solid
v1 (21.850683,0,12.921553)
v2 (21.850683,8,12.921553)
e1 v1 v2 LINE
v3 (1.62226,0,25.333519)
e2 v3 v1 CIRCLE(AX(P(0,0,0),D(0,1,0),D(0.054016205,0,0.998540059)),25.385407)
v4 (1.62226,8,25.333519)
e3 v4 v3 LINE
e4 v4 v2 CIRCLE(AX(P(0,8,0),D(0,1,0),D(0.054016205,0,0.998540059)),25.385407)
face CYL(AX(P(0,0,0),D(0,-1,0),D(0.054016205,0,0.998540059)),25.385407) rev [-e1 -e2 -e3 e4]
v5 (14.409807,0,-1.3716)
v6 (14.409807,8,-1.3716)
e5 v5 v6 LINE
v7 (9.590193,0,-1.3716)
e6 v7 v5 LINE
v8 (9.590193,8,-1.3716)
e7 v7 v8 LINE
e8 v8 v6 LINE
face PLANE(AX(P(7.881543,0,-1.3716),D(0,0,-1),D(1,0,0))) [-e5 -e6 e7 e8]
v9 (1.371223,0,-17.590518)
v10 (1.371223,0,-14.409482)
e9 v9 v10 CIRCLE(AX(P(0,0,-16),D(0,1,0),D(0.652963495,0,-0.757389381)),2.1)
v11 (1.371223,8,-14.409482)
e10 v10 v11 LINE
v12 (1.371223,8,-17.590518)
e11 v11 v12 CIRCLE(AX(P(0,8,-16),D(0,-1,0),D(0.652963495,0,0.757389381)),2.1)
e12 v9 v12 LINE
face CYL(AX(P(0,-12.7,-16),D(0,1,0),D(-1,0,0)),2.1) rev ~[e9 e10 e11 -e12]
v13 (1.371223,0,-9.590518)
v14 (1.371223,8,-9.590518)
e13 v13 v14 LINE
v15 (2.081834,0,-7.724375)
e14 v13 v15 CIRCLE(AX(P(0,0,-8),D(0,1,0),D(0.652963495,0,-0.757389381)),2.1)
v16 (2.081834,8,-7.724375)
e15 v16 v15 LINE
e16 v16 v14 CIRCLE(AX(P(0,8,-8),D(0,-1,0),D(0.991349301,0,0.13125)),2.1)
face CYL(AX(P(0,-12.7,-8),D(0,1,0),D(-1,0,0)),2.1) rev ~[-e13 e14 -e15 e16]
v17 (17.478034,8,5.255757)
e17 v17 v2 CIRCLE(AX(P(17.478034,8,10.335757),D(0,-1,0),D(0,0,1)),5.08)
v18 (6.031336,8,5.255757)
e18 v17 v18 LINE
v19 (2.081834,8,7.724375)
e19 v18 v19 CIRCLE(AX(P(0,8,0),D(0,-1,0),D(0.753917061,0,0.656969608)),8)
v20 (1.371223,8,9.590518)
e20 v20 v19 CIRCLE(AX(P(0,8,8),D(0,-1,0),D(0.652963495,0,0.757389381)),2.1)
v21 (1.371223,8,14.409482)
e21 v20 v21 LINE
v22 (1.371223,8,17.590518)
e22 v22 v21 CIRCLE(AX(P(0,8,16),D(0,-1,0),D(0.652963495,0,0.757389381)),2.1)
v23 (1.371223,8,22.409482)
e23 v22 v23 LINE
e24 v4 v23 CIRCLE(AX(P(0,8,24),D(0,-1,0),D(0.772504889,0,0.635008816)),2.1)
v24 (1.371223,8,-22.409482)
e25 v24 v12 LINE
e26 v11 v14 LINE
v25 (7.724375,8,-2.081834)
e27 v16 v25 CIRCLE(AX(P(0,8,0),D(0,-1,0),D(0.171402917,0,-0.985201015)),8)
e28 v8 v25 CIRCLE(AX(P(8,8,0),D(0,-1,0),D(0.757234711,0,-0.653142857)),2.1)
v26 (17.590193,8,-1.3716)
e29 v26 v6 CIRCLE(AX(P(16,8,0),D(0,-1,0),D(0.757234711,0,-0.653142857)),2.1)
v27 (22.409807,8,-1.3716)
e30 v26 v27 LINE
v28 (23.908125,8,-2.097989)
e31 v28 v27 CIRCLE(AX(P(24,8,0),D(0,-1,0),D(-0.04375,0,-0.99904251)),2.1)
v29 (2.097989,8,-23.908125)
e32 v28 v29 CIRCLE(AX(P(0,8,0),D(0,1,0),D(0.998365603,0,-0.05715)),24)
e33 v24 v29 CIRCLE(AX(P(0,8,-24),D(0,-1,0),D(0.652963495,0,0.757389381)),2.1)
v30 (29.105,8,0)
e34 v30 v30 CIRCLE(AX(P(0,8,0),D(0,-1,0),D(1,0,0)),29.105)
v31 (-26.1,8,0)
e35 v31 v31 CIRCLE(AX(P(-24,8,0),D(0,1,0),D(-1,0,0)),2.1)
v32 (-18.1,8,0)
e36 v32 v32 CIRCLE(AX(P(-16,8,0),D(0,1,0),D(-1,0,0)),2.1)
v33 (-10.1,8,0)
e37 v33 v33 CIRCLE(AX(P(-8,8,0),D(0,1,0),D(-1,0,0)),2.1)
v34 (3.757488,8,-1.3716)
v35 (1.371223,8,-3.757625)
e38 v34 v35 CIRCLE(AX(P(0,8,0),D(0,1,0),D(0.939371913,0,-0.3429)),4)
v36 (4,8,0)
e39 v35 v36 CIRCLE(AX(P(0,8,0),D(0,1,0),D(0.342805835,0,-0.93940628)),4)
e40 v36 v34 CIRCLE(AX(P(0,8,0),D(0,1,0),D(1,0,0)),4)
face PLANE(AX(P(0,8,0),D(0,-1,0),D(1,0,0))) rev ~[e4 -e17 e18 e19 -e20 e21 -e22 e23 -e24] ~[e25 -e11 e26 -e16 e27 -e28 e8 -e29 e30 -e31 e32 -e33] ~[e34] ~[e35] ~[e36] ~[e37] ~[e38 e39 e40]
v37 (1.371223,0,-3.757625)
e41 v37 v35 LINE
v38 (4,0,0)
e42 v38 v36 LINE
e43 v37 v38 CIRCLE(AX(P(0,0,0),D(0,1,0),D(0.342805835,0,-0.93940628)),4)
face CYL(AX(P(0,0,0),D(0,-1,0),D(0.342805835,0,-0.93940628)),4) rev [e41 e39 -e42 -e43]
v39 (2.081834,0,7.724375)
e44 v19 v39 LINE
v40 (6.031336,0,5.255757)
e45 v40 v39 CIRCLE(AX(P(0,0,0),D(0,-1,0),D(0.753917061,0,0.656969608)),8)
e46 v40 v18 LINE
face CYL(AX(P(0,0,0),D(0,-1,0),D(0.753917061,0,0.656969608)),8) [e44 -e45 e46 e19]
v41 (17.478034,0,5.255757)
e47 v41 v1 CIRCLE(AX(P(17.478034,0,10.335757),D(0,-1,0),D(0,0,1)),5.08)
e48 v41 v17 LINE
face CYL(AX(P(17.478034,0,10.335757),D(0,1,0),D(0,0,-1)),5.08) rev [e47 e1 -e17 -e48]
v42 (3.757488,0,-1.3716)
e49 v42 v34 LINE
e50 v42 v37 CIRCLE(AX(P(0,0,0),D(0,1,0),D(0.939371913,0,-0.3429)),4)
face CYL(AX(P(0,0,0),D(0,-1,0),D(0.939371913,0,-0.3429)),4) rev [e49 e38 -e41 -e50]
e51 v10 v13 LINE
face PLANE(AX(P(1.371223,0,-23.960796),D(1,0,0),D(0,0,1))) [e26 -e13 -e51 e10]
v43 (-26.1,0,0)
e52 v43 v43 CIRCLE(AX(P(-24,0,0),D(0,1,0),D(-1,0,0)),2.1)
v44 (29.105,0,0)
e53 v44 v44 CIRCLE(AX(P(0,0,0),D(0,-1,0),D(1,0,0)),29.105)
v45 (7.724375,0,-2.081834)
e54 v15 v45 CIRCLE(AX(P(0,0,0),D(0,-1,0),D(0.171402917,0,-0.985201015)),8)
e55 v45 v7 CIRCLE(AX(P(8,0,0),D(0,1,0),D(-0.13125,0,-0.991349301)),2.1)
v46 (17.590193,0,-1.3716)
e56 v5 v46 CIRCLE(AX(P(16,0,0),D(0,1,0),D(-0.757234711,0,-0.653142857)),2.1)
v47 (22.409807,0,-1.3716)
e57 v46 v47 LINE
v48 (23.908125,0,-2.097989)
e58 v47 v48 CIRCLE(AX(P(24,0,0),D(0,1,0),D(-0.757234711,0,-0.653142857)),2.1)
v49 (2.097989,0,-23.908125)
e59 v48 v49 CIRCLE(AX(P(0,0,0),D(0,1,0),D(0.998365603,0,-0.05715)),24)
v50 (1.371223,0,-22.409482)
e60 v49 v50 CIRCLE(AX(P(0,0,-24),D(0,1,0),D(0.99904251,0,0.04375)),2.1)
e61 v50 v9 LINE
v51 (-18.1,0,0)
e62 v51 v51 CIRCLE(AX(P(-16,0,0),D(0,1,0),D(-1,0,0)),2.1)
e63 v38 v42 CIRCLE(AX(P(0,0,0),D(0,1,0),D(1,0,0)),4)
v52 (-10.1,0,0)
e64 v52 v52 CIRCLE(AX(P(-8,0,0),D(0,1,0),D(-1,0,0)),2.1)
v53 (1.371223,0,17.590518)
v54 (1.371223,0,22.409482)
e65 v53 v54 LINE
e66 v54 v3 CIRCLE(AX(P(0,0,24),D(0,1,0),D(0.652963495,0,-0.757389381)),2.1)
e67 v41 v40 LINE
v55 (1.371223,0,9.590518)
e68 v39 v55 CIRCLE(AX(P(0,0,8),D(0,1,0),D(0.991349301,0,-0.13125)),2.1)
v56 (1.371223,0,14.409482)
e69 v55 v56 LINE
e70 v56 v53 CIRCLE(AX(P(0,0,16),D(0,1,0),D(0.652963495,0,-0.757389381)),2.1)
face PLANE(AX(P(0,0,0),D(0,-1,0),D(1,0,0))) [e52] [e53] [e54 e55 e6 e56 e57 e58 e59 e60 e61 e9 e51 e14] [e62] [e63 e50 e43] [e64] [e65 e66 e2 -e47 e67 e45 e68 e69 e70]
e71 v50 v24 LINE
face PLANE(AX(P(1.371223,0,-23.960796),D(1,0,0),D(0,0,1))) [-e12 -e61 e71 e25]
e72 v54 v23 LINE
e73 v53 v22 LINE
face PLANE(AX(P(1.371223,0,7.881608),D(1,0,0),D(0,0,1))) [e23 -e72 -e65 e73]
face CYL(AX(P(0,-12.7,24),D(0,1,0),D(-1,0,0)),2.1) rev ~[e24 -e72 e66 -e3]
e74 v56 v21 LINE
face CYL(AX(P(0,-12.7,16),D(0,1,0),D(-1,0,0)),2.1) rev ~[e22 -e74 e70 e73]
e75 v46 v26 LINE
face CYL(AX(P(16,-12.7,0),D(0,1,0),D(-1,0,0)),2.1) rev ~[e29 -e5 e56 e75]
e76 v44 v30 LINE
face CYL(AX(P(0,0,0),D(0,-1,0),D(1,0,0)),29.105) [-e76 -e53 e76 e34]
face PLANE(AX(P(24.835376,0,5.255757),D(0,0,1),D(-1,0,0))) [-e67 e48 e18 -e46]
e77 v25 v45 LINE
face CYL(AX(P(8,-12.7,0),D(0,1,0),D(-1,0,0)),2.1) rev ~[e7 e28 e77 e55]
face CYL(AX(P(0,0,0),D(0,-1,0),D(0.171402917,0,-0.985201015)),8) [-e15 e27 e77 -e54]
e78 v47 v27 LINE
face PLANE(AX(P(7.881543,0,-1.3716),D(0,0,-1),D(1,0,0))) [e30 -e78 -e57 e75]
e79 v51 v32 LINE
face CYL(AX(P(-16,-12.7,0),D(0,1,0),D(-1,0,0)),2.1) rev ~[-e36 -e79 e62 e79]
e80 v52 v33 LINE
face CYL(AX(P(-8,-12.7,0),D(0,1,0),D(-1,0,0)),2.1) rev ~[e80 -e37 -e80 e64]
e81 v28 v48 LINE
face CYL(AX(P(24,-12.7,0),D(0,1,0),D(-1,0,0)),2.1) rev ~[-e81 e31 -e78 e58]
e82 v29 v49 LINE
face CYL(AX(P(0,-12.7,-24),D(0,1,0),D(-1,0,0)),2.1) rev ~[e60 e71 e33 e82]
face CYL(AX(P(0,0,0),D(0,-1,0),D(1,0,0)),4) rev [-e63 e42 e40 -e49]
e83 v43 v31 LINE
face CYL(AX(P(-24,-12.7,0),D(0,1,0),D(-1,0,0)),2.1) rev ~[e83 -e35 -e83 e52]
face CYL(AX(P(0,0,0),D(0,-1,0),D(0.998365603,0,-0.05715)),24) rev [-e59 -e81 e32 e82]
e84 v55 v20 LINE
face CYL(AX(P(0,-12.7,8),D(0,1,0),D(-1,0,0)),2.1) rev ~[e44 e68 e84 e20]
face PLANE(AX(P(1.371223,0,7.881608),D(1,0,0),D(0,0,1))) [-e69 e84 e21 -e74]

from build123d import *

# Parameters (mm, degrees)
F0_R     = 29.105
F1_DEPTH = 8
F2_D     = 4.2
F2_DEPTH = 12.7
F2_TIP   = 1.2618073
F3_R     = 5.08


with BuildPart() as f1:
    # F0 (on Front) → F1 (new body)
    with BuildSketch(Plane.XZ):
        Circle(F0_R)
        with BuildLine():
            ThreePointArc((25.3854070023, 0), (18.4286183858, -17.4586629804), (1.3712233387, -25.3483458085))
            ThreePointArc((1.3712233387, -25.3483458085), (-25.3854070023, 0), (1.3712233387, 25.3483458085))
            ThreePointArc((1.3712233387, 25.3483458085), (16.5113444887, 19.2819706422), (24.8353761494, 5.255756862))
            ThreePointArc((24.8353761494, 5.255756862), (25.2475248319, 2.6422298411), (25.3854070023, 0))
        make_face(mode=Mode.SUBTRACT)
        with BuildLine():
            Line((1.3712233387, -23.9607960334), (1.3712233387, -15.9411337914))
            ThreePointArc((1.3712233387, -15.9411337914), (-16, 0), (1.3712233387, 15.9411337914))
            Line((1.3712233387, 15.9411337914), (1.3712233387, 23.9607960334))
            ThreePointArc((1.3712233387, 23.9607960334), (-24, 0), (1.3712233387, -23.9607960334))
        make_face()
        with BuildLine():
            Line((1.3712233387, -15.9411337914), (1.3712233387, -7.8816081199))
            ThreePointArc((1.3712233387, -7.8816081199), (-8, 0), (1.3712233387, 7.8816081199))
            Line((1.3712233387, 7.8816081199), (1.3712233387, 15.9411337914))
            ThreePointArc((1.3712233387, 15.9411337914), (-16, 0), (1.3712233387, -15.9411337914))
        make_face()
        with BuildLine():
            ThreePointArc((1.3712233387, -3.7576251217), (-3.2775671888, 2.2929355252), (4, 0))
            ThreePointArc((4, 0), (3.9389053429, -0.6964371472), (3.75748765, -1.3716))
            Line((3.75748765, -1.3716), (7.88154258, -1.3716))
            ThreePointArc((7.88154258, -1.3716), (7.970330628, -0.6883528747), (8, 0))
            ThreePointArc((8, 0), (7.4916851205, 2.8061814011), (6.031336486, 5.255756862))
            Line((6.031336486, 5.255756862), (1.3712233387, 5.255756862))
            Line((1.3712233387, 5.255756862), (1.3712233387, 7.8816081199))
            ThreePointArc((1.3712233387, 7.8816081199), (-8, 0), (1.3712233387, -7.8816081199))
            Line((1.3712233387, -7.8816081199), (1.3712233387, -3.7576251217))
        make_face()
        with BuildLine():
            Line((1.3712233387, -25.3483458085), (1.3712233387, -23.9607960334))
            ThreePointArc((1.3712233387, -23.9607960334), (-24, 0), (1.3712233387, 23.9607960334))
            Line((1.3712233387, 23.9607960334), (1.3712233387, 25.3483458085))
            ThreePointArc((1.3712233387, 25.3483458085), (-25.3854070023, 0), (1.3712233387, -25.3483458085))
        make_face()
        with BuildLine():
            ThreePointArc((23.960774475, -1.3716), (16.9704293601, -16.9706961358), (1.3712233387, -23.9607960334))
            Line((1.3712233387, -23.9607960334), (1.3712233387, -25.3483458085))
            ThreePointArc((1.3712233387, -25.3483458085), (18.4286183858, -17.4586629804), (25.3854070023, 0))
            ThreePointArc((25.3854070023, 0), (25.2475248319, 2.6422298411), (24.8353761494, 5.255756862))
            Line((24.8353761494, 5.255756862), (23.4174511808, 5.255756862))
            ThreePointArc((23.4174511808, 5.255756862), (23.8539182142, 2.6439716016), (24, 0))
            ThreePointArc((24, 0), (23.9901916145, -0.6860803892), (23.960774475, -1.3716))
        make_face()
        with BuildLine():
            ThreePointArc((8, 0), (7.970330628, -0.6883528747), (7.88154258, -1.3716))
            Line((7.88154258, -1.3716), (15.9411013873, -1.3716))
            ThreePointArc((15.9411013873, -1.3716), (15.9852685651, -0.686432008), (16, 0))
            ThreePointArc((16, 0), (15.7764756741, 2.6651107487), (15.1121480871, 5.255756862))
            Line((15.1121480871, 5.255756862), (6.031336486, 5.255756862))
            ThreePointArc((6.031336486, 5.255756862), (7.4916851205, 2.8061814011), (8, 0))
        make_face()
        with BuildLine():
            ThreePointArc((16, 0), (15.9852685651, -0.686432008), (15.9411013873, -1.3716))
            Line((15.9411013873, -1.3716), (23.960774475, -1.3716))
            ThreePointArc((23.960774475, -1.3716), (23.9901916145, -0.6860803892), (24, 0))
            ThreePointArc((24, 0), (23.8539182142, 2.6439716016), (23.4174511808, 5.255756862))
            Line((23.4174511808, 5.255756862), (15.1121480871, 5.255756862))
            ThreePointArc((15.1121480871, 5.255756862), (15.7764756741, 2.6651107487), (16, 0))
        make_face()
        with BuildLine():
            ThreePointArc((3.75748765, -1.3716), (2.828285359, -2.8285688834), (1.3712233387, -3.7576251217))
            Line((1.3712233387, -3.7576251217), (1.3712233387, -7.8816081199))
            ThreePointArc((1.3712233387, -7.8816081199), (5.656719077, -5.6569894187), (7.88154258, -1.3716))
            Line((7.88154258, -1.3716), (3.75748765, -1.3716))
        make_face()
        with BuildLine():
            ThreePointArc((6.031336486, 5.255756862), (3.9272441605, 6.9697025262), (1.3712233387, 7.8816081199))
            Line((1.3712233387, 7.8816081199), (1.3712233387, 5.255756862))
            Line((1.3712233387, 5.255756862), (6.031336486, 5.255756862))
        make_face()
    extrude(amount=-F1_DEPTH)

    # F2
    with Locations(Plane.XZ):
        with Locations((0, 24), (24, 0), (0, -24), (-24, 0), (0, 16), (16, 0), (0, -16), (-16, 0), (0, 8), (8, 0), (0, -8), (-8, 0)):
            Hole(F2_D / 2, depth=F2_DEPTH)
            with Locations((0, 0, -(F2_DEPTH + F2_TIP / 2))):  # 118° drill point
                Cone(0, F2_D / 2, F2_TIP, mode=Mode.SUBTRACT)

    # F3
    f3_edges = [f1.edges().sort_by_distance(p)[0] for p in [
        (24.835376, 4, 5.255757),
    ]]
    fillet(f3_edges, radius=F3_R)


solid = f1.part
